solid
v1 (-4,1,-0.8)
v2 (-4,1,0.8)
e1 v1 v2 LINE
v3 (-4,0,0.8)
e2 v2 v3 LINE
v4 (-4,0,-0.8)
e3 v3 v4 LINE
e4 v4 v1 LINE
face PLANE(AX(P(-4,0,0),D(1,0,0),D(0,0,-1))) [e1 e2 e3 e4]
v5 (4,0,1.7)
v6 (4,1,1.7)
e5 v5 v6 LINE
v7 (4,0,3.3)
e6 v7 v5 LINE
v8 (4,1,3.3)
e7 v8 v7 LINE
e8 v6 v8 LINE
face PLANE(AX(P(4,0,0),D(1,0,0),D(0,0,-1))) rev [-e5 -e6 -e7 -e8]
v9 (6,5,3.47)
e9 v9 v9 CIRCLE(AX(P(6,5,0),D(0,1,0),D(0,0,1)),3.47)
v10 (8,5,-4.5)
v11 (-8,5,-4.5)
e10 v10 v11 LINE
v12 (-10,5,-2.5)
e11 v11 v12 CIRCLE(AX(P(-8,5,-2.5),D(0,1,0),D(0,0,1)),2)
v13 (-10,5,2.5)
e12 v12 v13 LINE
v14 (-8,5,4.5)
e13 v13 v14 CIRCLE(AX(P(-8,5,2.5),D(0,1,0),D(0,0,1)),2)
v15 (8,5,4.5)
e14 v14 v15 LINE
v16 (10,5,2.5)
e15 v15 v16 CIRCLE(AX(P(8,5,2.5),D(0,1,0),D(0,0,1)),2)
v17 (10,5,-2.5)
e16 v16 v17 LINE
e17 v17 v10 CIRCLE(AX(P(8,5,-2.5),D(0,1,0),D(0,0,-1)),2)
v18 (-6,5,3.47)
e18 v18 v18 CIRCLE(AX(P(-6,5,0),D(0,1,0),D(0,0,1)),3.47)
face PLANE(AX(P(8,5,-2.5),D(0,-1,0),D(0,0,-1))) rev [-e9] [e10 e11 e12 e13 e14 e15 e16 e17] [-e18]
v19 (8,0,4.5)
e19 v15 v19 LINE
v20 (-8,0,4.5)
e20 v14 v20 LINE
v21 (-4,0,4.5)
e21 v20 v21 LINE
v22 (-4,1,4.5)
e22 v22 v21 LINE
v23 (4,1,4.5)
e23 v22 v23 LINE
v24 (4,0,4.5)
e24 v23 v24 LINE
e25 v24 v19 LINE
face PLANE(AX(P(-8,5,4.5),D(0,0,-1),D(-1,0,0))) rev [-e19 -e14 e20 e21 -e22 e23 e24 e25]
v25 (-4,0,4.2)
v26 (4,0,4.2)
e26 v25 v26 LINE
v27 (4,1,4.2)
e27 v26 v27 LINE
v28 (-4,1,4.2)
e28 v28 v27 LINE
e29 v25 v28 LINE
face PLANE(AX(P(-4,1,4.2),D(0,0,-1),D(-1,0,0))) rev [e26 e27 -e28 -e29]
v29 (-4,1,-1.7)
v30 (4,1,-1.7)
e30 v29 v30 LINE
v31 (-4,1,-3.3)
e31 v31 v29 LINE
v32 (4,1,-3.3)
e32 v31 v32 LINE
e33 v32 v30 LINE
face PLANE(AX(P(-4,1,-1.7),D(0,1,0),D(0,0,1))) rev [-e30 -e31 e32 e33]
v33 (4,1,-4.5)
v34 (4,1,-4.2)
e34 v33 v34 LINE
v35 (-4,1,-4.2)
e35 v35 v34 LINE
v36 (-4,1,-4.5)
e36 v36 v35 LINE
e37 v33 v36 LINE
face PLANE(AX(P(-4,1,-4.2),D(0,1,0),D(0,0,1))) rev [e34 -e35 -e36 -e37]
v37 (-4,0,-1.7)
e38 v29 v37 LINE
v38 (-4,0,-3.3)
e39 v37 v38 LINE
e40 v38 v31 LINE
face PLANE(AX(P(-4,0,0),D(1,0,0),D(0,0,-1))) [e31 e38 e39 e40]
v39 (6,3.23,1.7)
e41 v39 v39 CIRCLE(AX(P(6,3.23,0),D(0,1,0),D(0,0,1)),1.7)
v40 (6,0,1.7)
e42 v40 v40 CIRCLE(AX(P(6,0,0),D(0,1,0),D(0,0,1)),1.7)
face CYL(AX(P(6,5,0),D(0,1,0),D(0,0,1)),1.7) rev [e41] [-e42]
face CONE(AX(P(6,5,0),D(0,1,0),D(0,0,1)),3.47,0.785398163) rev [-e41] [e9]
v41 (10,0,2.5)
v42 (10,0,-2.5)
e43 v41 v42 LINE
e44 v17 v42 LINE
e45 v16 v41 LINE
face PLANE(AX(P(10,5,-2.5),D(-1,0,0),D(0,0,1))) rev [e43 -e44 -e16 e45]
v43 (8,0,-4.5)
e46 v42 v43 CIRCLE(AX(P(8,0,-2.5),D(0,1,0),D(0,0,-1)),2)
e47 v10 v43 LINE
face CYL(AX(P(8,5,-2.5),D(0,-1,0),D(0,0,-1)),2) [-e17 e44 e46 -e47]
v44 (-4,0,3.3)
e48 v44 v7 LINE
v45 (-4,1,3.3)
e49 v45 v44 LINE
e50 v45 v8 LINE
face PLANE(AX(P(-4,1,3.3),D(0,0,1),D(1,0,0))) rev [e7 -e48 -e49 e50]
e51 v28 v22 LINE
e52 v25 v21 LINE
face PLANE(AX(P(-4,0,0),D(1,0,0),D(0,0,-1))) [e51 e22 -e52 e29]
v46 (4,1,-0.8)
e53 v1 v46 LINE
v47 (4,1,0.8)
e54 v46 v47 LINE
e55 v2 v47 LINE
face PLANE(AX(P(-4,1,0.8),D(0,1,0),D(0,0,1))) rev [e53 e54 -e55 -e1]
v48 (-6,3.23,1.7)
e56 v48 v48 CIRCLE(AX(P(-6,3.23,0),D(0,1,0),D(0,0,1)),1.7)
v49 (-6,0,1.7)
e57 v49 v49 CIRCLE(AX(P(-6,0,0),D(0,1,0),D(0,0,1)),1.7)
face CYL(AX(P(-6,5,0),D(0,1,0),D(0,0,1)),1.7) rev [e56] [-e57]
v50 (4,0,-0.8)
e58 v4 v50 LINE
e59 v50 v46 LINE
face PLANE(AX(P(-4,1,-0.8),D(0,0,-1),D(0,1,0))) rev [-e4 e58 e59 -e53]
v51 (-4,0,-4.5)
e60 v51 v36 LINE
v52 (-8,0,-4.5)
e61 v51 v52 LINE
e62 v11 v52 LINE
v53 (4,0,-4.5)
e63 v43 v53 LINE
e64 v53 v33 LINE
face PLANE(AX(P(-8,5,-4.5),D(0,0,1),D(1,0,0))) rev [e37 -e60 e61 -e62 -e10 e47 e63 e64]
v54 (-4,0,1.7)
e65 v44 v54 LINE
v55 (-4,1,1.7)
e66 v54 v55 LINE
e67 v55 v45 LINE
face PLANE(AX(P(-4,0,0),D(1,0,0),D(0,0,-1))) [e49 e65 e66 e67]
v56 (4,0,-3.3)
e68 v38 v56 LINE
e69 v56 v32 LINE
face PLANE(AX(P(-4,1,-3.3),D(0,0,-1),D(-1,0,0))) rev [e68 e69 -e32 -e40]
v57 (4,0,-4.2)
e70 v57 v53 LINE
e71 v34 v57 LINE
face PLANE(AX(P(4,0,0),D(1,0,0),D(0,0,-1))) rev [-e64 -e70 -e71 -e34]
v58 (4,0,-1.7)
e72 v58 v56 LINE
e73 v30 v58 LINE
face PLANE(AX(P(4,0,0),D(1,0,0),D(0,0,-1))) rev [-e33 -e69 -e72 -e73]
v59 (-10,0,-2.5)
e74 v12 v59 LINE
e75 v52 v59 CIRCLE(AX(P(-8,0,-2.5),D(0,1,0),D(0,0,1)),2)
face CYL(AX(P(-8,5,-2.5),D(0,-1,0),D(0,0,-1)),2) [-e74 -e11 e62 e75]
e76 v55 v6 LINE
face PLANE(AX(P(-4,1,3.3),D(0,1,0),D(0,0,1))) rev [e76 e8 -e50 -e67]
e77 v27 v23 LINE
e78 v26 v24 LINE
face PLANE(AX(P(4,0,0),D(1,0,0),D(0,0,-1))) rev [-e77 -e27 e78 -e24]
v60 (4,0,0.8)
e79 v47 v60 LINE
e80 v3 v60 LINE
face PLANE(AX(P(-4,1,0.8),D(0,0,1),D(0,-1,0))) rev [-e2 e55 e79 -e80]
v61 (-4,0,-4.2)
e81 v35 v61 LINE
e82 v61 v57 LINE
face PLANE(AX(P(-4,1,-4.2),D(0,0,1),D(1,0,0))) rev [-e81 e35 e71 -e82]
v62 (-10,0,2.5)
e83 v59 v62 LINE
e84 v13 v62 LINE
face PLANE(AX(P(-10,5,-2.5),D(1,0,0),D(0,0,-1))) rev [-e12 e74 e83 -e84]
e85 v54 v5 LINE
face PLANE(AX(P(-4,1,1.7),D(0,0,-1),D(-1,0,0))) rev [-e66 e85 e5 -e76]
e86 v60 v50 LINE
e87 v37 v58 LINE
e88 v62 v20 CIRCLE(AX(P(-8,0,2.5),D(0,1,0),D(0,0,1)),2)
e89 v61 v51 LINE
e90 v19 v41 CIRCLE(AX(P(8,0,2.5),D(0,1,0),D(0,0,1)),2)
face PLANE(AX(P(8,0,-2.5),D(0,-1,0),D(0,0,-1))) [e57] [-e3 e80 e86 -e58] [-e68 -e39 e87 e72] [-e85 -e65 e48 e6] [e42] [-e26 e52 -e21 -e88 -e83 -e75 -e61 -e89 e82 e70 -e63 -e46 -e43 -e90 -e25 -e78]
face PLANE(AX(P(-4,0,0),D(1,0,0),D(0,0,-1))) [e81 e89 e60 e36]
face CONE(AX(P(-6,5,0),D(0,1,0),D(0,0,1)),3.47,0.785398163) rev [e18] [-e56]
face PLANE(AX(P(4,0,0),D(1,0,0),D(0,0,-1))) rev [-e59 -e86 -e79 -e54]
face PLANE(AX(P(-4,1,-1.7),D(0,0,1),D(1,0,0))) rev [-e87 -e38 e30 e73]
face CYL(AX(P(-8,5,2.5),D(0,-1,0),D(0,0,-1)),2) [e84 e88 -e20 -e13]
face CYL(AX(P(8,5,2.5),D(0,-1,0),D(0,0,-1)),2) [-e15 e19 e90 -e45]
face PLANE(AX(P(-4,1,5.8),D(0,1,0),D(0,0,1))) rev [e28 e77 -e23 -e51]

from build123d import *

# Parameters (mm, degrees)
BOSS_EXTRUDE1_DEPTH                                  = 5
CSK_FOR_M3_HEX_SOCKET_COUNTERSUNK_HEAD_S_D           = 3.4
CSK_FOR_M3_HEX_SOCKET_COUNTERSUNK_HEAD_S_CSINK_D     = 6.94
CSK_FOR_M3_HEX_SOCKET_COUNTERSUNK_HEAD_S_CSINK_ANGLE = 90
SKETCH5_W                                            = 1.6
SKETCH5_H                                            = 1
CUT_EXTRUDE1_DEPTH                                   = 4


with BuildPart() as part:
    # Sketch1 → Boss-Extrude1 (new body)
    with BuildSketch(Plane(origin=(0, 0, 0), x_dir=(1, 0, 0), z_dir=(0, 1, 0))):
        with BuildLine():
            Line((-8, 4.5), (8, 4.5))
            ThreePointArc((8, 4.5), (9.414213562, 3.914213562), (10, 2.5))
            Line((10, 2.5), (10, -2.5))
            ThreePointArc((10, -2.5), (9.414213562, -3.914213562), (8, -4.5))
            Line((8, -4.5), (-8, -4.5))
            ThreePointArc((-8, -4.5), (-9.414213562, -3.914213562), (-10, -2.5))
            Line((-10, -2.5), (-10, 2.5))
            ThreePointArc((-10, 2.5), (-9.414213562, 3.914213562), (-8, 4.5))
        make_face()
    extrude(amount=BOSS_EXTRUDE1_DEPTH)

    # CSK for M3 Hex Socket Countersunk Head Screw1 (through all)
    with Locations(Plane(origin=(0, 5, 0), x_dir=(1, 0, 0), z_dir=(0, 1, 0))):
        with Locations((-6, 0), (6, 0)):
            CounterSinkHole(CSK_FOR_M3_HEX_SOCKET_COUNTERSUNK_HEAD_S_D / 2, CSK_FOR_M3_HEX_SOCKET_COUNTERSUNK_HEAD_S_CSINK_D / 2, counter_sink_angle=CSK_FOR_M3_HEX_SOCKET_COUNTERSUNK_HEAD_S_CSINK_ANGLE)

    # Sketch5 → Cut-Extrude1 (cut, symmetric)
    with BuildSketch(Plane(origin=(0, 0, 0), x_dir=(0, 0, -1), z_dir=(1, 0, 0))):
        with Locations((2.5, 0.5)):
            Rectangle(SKETCH5_W, SKETCH5_H)
        with Locations((-5, 0.5)):
            Rectangle(SKETCH5_W, SKETCH5_H)
        with Locations((-2.5, 0.5)):
            Rectangle(SKETCH5_W, SKETCH5_H)
        with Locations((0, 0.5)):
            Rectangle(SKETCH5_W, SKETCH5_H)
        with Locations((5, 0.5)):
            Rectangle(SKETCH5_W, SKETCH5_H)
    extrude(amount=CUT_EXTRUDE1_DEPTH, both=True, mode=Mode.SUBTRACT)


solid = part.part
